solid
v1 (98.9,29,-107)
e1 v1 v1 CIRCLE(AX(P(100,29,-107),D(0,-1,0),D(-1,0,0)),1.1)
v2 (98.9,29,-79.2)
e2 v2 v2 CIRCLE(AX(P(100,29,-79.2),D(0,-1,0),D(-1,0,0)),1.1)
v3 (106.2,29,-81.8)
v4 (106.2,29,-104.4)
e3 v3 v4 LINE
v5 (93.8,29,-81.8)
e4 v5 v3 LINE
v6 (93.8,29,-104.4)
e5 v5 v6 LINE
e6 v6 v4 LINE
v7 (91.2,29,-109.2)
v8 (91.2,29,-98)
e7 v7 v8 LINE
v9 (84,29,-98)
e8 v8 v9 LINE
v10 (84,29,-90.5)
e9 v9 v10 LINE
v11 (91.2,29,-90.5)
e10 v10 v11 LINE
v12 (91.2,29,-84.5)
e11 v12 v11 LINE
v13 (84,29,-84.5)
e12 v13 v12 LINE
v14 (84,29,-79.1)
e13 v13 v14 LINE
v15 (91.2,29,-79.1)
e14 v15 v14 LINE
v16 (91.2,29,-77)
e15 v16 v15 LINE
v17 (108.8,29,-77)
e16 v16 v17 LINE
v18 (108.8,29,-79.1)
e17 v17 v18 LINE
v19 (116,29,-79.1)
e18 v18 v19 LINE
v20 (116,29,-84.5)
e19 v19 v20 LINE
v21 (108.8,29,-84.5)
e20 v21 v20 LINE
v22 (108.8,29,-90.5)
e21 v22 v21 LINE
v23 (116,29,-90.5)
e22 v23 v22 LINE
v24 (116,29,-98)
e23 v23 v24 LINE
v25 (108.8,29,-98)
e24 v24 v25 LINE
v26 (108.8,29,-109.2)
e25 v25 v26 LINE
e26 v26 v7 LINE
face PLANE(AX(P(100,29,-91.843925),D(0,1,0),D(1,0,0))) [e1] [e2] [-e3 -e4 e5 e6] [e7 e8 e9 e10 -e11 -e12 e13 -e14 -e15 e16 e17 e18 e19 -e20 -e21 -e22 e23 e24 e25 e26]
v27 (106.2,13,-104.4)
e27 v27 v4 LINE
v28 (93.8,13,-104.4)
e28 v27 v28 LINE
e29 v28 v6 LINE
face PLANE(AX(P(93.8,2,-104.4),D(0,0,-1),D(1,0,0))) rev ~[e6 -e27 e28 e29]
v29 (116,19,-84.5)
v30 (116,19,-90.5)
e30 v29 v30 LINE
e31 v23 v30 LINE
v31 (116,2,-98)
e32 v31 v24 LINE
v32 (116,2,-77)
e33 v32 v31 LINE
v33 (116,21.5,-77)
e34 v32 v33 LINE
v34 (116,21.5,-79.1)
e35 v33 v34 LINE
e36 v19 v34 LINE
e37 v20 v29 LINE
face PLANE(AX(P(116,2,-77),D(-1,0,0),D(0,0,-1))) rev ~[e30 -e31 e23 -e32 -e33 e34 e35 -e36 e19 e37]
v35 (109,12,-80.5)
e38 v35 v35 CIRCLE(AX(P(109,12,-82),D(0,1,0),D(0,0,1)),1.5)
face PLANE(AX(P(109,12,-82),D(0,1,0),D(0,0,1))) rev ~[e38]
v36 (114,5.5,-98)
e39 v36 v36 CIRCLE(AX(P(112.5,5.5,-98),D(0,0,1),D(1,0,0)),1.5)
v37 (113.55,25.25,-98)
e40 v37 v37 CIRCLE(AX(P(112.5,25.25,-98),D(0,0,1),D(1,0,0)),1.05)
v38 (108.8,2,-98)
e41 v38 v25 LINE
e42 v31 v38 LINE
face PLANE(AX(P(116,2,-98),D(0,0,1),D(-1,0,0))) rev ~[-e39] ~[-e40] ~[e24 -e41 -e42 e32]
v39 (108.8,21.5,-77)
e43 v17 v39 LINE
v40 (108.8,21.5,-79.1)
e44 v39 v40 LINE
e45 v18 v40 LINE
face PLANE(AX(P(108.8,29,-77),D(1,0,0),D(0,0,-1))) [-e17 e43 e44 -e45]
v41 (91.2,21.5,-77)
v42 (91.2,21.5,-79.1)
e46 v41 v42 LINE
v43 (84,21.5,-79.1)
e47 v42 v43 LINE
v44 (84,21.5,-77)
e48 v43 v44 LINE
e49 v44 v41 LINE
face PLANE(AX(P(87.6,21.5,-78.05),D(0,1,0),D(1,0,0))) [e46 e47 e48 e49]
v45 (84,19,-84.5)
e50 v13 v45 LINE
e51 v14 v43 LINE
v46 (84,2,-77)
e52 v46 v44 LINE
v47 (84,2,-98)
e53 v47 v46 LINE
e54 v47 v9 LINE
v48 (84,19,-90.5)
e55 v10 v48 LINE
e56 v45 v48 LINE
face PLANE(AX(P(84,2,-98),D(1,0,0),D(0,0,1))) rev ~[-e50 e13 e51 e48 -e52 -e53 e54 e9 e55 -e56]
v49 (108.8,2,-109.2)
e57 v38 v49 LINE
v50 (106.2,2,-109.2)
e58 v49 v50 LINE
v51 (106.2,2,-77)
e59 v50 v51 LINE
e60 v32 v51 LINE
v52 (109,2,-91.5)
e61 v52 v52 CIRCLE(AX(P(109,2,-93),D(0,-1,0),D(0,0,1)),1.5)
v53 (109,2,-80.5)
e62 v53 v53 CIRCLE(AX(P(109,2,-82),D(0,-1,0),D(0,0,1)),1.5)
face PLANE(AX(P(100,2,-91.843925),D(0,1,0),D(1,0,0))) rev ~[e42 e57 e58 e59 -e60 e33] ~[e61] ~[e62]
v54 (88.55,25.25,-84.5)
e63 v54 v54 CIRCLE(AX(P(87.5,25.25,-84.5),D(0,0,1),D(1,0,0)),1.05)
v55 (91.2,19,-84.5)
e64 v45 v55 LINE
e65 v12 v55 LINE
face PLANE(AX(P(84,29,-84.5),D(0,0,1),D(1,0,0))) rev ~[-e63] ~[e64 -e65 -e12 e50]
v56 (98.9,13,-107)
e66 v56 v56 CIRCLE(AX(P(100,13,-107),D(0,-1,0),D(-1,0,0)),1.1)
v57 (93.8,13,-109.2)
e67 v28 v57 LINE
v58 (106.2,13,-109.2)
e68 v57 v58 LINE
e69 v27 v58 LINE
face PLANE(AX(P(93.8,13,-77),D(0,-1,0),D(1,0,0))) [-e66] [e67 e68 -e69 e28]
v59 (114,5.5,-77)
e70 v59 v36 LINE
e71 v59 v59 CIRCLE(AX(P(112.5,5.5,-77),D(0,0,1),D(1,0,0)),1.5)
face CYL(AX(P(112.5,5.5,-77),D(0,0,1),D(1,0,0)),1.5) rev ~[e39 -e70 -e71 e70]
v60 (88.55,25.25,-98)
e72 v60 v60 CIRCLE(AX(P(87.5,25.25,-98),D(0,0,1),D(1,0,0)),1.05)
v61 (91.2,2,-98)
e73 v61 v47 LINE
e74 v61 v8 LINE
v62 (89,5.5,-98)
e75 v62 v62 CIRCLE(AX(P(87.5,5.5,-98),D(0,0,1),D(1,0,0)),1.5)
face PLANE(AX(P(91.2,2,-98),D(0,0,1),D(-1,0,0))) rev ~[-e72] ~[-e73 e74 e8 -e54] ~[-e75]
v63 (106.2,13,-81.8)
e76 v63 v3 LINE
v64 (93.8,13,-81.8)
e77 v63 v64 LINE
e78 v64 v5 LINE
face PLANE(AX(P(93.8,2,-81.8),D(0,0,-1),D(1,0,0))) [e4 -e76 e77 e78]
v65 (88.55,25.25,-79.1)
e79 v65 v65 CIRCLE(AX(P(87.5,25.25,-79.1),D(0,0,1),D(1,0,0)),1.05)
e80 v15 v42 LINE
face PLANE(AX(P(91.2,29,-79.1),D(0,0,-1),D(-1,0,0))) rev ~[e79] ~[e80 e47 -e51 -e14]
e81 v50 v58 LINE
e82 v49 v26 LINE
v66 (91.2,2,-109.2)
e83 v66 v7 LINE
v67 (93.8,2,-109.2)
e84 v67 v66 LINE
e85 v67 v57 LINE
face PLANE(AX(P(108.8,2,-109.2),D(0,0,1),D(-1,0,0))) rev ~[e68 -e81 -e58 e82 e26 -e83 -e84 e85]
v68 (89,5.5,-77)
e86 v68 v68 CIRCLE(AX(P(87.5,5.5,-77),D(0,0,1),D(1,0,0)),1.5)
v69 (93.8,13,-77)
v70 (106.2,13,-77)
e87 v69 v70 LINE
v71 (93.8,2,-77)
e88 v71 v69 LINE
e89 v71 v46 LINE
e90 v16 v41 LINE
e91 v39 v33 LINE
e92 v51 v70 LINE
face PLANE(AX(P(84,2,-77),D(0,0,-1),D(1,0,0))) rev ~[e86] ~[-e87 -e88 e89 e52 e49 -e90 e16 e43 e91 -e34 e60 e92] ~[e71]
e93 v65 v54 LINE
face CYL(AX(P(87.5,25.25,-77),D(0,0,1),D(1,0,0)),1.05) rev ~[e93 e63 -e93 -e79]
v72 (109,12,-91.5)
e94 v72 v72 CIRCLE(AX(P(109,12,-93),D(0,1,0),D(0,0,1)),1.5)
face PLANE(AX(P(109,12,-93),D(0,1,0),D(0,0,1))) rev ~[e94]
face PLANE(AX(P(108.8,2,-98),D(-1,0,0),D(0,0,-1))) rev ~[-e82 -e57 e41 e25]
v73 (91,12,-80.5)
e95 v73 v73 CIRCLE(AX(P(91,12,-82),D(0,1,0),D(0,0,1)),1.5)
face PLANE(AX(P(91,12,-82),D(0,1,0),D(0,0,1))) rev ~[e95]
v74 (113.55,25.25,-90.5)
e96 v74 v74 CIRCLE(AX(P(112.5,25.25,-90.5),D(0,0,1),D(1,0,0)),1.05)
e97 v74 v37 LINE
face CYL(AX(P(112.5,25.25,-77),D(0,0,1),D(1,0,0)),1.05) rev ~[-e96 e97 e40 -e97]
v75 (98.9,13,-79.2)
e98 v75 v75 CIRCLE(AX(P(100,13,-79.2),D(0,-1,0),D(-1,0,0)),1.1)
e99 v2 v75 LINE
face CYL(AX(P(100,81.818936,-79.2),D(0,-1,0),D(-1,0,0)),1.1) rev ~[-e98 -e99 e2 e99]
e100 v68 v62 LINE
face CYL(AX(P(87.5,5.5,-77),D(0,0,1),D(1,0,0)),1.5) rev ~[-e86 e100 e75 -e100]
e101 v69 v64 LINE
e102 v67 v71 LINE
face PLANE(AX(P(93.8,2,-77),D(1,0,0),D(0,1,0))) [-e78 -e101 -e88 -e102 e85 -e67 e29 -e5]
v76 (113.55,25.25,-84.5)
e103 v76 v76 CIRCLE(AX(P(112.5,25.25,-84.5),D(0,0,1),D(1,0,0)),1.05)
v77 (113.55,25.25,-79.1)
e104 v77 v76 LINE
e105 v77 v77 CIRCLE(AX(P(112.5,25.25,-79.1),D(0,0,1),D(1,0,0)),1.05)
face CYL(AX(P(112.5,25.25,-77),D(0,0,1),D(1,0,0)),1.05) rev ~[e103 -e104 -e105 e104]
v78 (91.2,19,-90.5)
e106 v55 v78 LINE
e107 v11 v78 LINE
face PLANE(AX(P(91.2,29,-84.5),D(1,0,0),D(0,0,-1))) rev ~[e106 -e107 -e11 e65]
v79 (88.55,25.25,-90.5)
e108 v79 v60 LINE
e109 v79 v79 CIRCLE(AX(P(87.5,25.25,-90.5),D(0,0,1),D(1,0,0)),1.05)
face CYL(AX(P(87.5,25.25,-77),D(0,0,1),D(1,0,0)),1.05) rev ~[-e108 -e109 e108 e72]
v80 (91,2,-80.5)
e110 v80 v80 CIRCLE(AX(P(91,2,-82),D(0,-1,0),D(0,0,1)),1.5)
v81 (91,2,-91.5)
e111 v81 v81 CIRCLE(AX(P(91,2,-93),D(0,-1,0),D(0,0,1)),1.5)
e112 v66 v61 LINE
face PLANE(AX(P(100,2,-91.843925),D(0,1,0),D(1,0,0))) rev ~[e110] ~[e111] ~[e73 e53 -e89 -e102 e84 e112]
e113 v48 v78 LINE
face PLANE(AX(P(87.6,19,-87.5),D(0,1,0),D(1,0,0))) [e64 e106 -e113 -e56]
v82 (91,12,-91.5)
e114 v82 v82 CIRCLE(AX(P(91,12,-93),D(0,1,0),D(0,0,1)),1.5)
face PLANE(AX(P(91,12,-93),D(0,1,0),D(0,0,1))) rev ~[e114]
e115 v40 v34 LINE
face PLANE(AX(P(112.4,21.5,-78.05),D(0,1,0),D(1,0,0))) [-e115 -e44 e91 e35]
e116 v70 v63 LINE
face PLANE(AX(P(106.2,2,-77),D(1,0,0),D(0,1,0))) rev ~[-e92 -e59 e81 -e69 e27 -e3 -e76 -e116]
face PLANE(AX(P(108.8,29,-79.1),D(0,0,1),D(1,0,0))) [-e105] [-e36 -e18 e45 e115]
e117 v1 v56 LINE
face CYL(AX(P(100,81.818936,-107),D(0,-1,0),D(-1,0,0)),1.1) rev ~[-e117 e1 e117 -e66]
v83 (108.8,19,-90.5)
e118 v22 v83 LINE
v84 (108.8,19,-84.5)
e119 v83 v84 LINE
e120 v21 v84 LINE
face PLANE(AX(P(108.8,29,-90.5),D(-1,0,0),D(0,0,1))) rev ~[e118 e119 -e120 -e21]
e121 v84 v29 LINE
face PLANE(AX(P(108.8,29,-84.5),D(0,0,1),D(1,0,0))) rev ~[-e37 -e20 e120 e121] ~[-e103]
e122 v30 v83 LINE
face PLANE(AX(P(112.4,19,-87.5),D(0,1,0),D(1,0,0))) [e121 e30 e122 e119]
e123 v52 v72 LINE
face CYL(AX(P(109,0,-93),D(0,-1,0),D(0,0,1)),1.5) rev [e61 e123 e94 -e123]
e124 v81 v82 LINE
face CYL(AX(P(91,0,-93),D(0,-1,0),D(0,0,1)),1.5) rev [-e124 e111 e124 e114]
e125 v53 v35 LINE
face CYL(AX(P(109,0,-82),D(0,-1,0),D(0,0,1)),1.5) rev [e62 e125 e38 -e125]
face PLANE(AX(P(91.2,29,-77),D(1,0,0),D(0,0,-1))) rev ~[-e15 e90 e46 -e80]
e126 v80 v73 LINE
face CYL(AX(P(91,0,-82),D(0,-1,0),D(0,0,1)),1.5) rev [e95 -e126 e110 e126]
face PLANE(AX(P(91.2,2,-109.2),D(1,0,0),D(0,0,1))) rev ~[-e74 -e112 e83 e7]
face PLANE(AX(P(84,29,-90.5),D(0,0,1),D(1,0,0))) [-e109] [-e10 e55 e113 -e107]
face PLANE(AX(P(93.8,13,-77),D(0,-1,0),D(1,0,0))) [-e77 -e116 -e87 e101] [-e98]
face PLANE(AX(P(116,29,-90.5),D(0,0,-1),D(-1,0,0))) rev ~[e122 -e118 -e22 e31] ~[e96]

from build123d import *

# Parameters (mm, degrees)
BOSS_EXTRUDE2_START        = 2
SKETCH1_W                  = 12.4
SKETCH1_H                  = 22.6
BOSS_EXTRUDE2_DEPTH        = 27
SKETCH2_W                  = 7.2
SKETCH2_H                  = 2.1
CUT_EXTRUDE1_DEPTH         = 7.5
SKETCH3_W                  = 12.4
SKETCH3_H                  = 11
CUT_EXTRUDE2_DEPTH         = 124.829883308
CUT_EXTRUDE2_DEPTH_BACK    = 124.829883308
SKETCH2_3_W                = 7.2
SKETCH2_3_H                = 6
CUT_EXTRUDE3_DEPTH         = 10
SKETCH7_R                  = 1.05
SKETCH7_R_2                = 1.5
CUT_EXTRUDE9_DEPTH         = 124.829883308
SKETCH1_8_R                = 1.5
CUT_EXTRUDE12_DEPTH        = 12
F_2_2_2_2_DIAMETER_HOLE1_D = 2.2


with BuildPart() as part:
    # Sketch1 → Boss-Extrude2 (new body)
    with BuildSketch(Plane(origin=(0, 0, 0), x_dir=(1, 0, 0), z_dir=(0, 1, 0)).offset(BOSS_EXTRUDE2_START)):
        Polygon((84, 98), (84, 77), (116, 77), (116, 98), (108.8, 98), (108.8, 109.2), (91.2, 109.2), (91.2, 98), align=None)
        with Locations((100, 93.1)):
            Rectangle(SKETCH1_W, SKETCH1_H, mode=Mode.SUBTRACT)
    extrude(amount=BOSS_EXTRUDE2_DEPTH)

    # Sketch2 → Cut-Extrude1 (cut)
    with BuildSketch(Plane(origin=(0, 29, 0), x_dir=(1, 0, 0), z_dir=(0, 1, 0))):
        with Locations((112.4, 78.05)):
            Rectangle(SKETCH2_W, SKETCH2_H)
        Polygon((84, 79.1), (84, 78.995319666), (84, 77), (91.2, 77), (91.2, 79.1), align=None)
    extrude(amount=-CUT_EXTRUDE1_DEPTH, mode=Mode.SUBTRACT)

    # Sketch3 → Cut-Extrude2 (cut, two sides)
    with BuildSketch(Plane.XY.offset(-77)) as cut_extrude2_sk:
        with Locations((100, 7.5)):
            Rectangle(SKETCH3_W, SKETCH3_H)
    extrude(amount=CUT_EXTRUDE2_DEPTH, mode=Mode.SUBTRACT)
    extrude(cut_extrude2_sk.sketch, amount=-CUT_EXTRUDE2_DEPTH_BACK, mode=Mode.SUBTRACT)

    # Sketch2<3> → Cut-Extrude3 (cut)
    with BuildSketch(Plane(origin=(0, 29, 0), x_dir=(1, 0, 0), z_dir=(0, 1, 0))):
        Polygon((108.8, 84.5), (116, 84.5), (116, 85.211636412), (116, 90.5), (108.8, 90.5), align=None)
        with Locations((87.6, 87.5)):
            Rectangle(SKETCH2_3_W, SKETCH2_3_H)
    extrude(amount=-CUT_EXTRUDE3_DEPTH, mode=Mode.SUBTRACT)

    # Sketch7 → Cut-Extrude9 (cut, through all)
    with BuildSketch(Plane.XY.offset(-77)):
        with Locations((87.5, 25.25)):
            Circle(SKETCH7_R)
        with Locations((112.5, 25.25)):
            Circle(SKETCH7_R)
        with Locations((87.5, 5.5)):
            Circle(SKETCH7_R_2)
        with Locations((112.5, 5.5)):
            Circle(SKETCH7_R_2)
    extrude(amount=-CUT_EXTRUDE9_DEPTH, mode=Mode.SUBTRACT)

    # Sketch1<8> → Cut-Extrude12 (cut)
    with BuildSketch(Plane(origin=(0, 0, 0), x_dir=(1, 0, 0), z_dir=(0, 1, 0))):
        with Locations(Location((109, 82, 0), (0, 0, 270))):
            Circle(SKETCH1_8_R)
        with Locations(Location((109, 93, 0), (0, 0, 270))):
            Circle(SKETCH1_8_R)
        with Locations(Location((91, 82, 0), (0, 0, 270))):
            Circle(SKETCH1_8_R)
        with Locations(Location((91, 93, 0), (0, 0, 270))):
            Circle(SKETCH1_8_R)
    extrude(amount=CUT_EXTRUDE12_DEPTH, mode=Mode.SUBTRACT)

    # Ø2.2 (2.2) Diameter Hole1 (through all)
    with Locations(Plane(origin=(0, 29, 0), x_dir=(1, 0, 0), z_dir=(0, 1, 0))):
        with Locations((100, 79.2), (100, 107)):
            Hole(F_2_2_2_2_DIAMETER_HOLE1_D / 2)


solid = part.part
